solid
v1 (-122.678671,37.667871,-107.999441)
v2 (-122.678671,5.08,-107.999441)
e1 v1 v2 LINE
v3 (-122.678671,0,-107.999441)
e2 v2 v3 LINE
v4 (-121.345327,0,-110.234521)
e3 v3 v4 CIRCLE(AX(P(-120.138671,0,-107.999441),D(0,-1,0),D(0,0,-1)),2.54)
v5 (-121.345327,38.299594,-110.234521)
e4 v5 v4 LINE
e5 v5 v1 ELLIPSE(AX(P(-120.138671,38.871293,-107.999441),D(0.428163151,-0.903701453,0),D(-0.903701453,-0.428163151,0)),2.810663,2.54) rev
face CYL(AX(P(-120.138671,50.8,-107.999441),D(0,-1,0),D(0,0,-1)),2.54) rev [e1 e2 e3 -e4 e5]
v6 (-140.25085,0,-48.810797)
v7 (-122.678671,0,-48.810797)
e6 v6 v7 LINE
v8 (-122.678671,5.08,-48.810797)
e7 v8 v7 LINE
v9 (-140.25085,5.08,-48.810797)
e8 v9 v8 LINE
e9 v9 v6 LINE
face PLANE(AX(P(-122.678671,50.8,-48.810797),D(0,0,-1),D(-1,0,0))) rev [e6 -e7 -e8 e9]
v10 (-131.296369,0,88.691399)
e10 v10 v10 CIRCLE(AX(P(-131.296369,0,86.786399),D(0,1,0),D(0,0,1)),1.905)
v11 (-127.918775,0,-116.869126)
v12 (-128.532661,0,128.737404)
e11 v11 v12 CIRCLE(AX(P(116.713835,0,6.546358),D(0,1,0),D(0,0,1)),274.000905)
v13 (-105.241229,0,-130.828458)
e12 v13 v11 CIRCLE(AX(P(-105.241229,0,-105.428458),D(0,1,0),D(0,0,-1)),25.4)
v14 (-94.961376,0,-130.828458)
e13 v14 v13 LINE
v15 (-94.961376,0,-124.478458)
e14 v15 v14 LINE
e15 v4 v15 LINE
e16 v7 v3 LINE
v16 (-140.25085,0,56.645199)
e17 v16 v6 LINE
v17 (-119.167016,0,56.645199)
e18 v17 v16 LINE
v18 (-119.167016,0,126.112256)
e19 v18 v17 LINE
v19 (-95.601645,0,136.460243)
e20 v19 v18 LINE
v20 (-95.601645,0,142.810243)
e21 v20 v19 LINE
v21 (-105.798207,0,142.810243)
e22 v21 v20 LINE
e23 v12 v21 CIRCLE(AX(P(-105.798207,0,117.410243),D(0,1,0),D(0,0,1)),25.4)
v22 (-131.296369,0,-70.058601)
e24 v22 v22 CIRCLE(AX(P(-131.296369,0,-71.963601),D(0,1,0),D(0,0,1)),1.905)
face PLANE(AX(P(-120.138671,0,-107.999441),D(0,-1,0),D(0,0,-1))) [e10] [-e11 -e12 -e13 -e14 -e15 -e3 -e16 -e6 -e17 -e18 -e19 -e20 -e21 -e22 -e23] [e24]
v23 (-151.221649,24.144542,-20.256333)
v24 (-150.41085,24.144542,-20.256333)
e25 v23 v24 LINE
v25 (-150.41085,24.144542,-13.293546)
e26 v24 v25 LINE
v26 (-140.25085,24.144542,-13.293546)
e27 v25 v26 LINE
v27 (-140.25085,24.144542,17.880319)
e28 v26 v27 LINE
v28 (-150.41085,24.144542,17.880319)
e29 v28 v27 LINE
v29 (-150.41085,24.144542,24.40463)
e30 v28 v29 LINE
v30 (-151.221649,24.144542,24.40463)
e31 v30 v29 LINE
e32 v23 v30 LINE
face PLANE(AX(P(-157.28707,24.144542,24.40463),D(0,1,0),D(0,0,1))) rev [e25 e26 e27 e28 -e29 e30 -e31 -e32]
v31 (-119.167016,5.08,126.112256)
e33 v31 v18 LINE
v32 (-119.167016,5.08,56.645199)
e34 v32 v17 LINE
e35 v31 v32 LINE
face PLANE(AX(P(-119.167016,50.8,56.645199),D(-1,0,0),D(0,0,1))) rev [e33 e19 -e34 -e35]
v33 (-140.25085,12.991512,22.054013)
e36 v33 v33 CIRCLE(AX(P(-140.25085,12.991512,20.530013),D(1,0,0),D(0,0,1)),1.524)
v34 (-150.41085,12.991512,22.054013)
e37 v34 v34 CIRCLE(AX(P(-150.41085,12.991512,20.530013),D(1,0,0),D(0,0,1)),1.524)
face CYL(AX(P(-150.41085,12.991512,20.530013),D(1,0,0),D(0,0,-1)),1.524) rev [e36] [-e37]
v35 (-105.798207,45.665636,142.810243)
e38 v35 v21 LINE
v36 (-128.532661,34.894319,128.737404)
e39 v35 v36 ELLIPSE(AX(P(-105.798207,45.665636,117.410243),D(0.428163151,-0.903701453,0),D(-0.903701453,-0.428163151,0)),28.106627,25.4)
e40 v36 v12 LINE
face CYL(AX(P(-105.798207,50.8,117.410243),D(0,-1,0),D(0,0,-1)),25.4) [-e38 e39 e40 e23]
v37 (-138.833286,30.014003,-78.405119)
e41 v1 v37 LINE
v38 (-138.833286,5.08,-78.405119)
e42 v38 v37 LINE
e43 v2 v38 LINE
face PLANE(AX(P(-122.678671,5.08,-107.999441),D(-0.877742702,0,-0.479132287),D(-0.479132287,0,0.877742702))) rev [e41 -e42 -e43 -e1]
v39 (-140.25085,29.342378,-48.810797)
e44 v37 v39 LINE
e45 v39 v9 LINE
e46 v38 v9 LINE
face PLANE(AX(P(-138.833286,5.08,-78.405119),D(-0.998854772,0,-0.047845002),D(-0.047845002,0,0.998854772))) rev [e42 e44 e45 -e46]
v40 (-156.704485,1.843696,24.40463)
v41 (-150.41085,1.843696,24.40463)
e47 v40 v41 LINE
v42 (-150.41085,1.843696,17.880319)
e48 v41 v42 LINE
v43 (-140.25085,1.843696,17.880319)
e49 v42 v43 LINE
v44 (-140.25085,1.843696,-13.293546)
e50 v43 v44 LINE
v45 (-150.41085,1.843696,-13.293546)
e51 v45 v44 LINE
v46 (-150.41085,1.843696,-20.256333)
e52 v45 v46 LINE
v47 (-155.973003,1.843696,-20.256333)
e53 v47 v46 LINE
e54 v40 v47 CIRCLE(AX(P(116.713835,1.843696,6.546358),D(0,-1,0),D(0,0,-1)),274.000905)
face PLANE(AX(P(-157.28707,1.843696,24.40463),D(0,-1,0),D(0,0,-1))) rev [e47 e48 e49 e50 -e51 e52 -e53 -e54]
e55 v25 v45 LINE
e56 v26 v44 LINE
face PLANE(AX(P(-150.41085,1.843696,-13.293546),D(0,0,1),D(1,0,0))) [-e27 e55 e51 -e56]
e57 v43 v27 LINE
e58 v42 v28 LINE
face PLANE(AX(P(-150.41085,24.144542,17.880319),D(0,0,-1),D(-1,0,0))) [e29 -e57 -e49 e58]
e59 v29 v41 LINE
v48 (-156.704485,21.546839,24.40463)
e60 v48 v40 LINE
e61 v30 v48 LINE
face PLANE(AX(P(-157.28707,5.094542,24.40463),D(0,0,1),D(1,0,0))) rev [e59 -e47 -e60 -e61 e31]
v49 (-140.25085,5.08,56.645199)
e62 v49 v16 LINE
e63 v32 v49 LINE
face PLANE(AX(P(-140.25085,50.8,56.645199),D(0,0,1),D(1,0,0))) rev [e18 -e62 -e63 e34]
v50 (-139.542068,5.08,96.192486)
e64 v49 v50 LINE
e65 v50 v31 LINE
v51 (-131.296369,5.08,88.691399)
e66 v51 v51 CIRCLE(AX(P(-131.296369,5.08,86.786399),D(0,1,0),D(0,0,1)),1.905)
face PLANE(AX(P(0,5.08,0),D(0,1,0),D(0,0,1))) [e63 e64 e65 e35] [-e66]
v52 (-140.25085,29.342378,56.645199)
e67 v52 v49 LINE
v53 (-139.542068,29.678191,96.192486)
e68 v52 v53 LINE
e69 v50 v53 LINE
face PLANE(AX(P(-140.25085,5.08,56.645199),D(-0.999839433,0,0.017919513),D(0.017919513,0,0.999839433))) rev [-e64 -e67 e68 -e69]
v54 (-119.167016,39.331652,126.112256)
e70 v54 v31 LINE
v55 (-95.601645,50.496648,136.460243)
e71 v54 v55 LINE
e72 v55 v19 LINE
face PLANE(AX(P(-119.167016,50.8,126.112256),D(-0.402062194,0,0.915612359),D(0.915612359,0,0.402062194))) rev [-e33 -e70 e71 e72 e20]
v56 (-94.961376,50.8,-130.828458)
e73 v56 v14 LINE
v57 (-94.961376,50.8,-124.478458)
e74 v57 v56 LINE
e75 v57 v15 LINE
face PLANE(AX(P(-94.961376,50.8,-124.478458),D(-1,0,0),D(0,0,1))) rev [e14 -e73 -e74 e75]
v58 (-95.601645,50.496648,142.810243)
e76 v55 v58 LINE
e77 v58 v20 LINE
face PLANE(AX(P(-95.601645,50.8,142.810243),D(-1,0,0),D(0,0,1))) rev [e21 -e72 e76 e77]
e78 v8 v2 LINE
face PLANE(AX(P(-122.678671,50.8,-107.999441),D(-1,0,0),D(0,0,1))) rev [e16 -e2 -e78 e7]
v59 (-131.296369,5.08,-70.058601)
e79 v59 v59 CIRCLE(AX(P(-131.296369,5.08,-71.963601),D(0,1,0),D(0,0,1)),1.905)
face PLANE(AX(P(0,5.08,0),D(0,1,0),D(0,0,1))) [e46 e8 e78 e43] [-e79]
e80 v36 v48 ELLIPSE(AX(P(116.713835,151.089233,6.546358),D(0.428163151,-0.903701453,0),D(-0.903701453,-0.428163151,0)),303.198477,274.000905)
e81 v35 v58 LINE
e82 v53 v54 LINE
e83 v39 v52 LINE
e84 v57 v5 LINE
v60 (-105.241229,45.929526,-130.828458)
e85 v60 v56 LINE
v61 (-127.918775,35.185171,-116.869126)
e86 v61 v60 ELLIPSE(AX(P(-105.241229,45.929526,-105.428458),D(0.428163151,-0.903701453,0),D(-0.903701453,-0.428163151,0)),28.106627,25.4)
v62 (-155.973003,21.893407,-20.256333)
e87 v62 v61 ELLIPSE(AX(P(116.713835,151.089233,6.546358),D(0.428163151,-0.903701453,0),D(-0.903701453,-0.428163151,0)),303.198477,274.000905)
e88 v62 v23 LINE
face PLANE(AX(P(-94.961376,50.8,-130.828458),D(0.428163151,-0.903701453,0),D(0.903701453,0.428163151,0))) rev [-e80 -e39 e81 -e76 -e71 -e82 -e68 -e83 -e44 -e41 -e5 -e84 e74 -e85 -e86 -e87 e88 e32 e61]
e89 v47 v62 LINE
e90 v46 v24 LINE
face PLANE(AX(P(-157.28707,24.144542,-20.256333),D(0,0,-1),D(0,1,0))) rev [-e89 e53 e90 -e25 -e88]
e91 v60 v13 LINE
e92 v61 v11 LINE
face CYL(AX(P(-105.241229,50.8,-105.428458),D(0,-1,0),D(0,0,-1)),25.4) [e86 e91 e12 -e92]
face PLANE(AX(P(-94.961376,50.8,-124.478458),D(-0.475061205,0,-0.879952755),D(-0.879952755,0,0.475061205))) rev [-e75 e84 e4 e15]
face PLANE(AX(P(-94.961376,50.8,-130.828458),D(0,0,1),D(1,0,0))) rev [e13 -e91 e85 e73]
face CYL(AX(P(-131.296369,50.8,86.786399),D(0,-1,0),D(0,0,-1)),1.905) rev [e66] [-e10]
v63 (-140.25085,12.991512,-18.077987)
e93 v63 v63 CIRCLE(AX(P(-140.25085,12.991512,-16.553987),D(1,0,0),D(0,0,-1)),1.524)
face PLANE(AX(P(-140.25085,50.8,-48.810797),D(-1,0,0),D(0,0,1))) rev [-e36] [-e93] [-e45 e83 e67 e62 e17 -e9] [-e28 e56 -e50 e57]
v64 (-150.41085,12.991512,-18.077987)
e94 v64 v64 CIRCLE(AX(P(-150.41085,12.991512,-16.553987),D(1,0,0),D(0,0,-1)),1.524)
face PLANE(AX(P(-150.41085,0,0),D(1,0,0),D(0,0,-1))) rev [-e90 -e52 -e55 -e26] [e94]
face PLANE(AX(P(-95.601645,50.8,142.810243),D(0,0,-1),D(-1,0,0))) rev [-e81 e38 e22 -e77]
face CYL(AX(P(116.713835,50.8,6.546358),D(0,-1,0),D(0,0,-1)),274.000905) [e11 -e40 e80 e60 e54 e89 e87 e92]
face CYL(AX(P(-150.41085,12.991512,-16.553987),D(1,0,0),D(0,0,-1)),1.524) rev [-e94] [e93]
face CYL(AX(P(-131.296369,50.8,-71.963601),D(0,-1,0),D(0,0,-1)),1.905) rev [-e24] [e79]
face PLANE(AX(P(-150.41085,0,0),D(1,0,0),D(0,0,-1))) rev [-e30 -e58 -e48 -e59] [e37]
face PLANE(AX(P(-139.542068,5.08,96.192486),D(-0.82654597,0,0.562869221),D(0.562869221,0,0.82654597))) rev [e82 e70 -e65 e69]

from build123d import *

# Parameters (mm, degrees)
FRONT_SKETCH_R      = 1.905
BOSS_EXTRUDE1_DEPTH = 50.8
CUT_EXTRUDE1_DEPTH  = 45.72
CUT_EXTRUDE2_DEPTH  = 274.638700861
CUT_EXTRUDE3_DEPTH  = 18.03621965
SKETCH6_W           = 6.524310643
SKETCH6_H           = 22.300846009
SKETCH6_R           = 1.524
SKETCH6_W_2         = 6.962786951
BOSS_EXTRUDE2_DEPTH = 10.16


with BuildPart() as part:
    # front_sketch → Boss-Extrude1 (new body)
    with BuildSketch(Plane(origin=(0, 0, 0), x_dir=(1, 0, 0), z_dir=(0, 1, 0))):
        with BuildLine():
            Line((-94.961375831, 124.478458264), (-121.345326632, 110.234521439))
            ThreePointArc((-121.345326632, 110.234521439), (-122.32001306, 109.300728329), (-122.678671172, 107.99944144))
            Line((-122.678671172, 107.99944144), (-122.678671172, 48.810796684))
            Line((-122.678671172, 48.810796684), (-140.250849959, 48.810796684))
            Line((-140.250849959, 48.810796684), (-140.250849959, -56.645199257))
            Line((-140.250849959, -56.645199257), (-119.167015715, -56.645199257))
            Line((-119.167015715, -56.645199257), (-119.167015715, -126.112255785))
            Line((-119.167015715, -126.112255785), (-95.601645083, -136.460242597))
            Line((-95.601645083, -136.460242597), (-95.601645083, -142.810242597))
            Line((-95.601645083, -142.810242597), (-105.798207048, -142.810242597))
            ThreePointArc((-105.798207048, -142.810242597), (-119.167015715, -139.007347839), (-128.532661201, -128.737404395))
            ThreePointArc((-128.532661201, -128.737404395), (-157.286213724, -5.861503432), (-127.918775374, 116.869125935))
            ThreePointArc((-127.918775374, 116.869125935), (-118.556014486, 127.058910858), (-105.241228699, 130.828458264))
            Line((-105.241228699, 130.828458264), (-94.961375831, 130.828458264))
            Line((-94.961375831, 130.828458264), (-94.961375831, 124.478458264))
        make_face()
        with Locations((-131.296368682, 71.963600743)):
            Circle(FRONT_SKETCH_R, mode=Mode.SUBTRACT)
        with Locations((-131.296368682, -86.786399257)):
            Circle(FRONT_SKETCH_R, mode=Mode.SUBTRACT)
    extrude(amount=BOSS_EXTRUDE1_DEPTH)

    # Sketch1 → Cut-Extrude1 (cut)
    with BuildSketch(Plane(origin=(0, 50.8, 0), x_dir=(1, 0, 0), z_dir=(0, 1, 0))):
        Polygon((-122.678671172, 48.810796684), (-122.678671172, 107.99944144), (-138.833286115, 78.405119062), (-140.250849959, 48.810796684), align=None)
        Polygon((-119.167015715, -56.645199257), (-140.250849959, -56.645199257), (-139.542068037, -96.192486205), (-119.167015715, -126.112255785), align=None)
    extrude(amount=-CUT_EXTRUDE1_DEPTH, mode=Mode.SUBTRACT)

    # Sketch3 → Cut-Extrude2 (cut, through all)
    with BuildSketch(Plane.XY.offset(142.810242597)):
        Polygon((-94.961375831, 50.8), (-157.287069608, 21.270817167), (-157.287069608, 50.8), align=None)
    extrude(amount=-CUT_EXTRUDE2_DEPTH, mode=Mode.SUBTRACT)

    # Sketch4 → Cut-Extrude3 (cut, through all)
    with BuildSketch(Plane(origin=(-140.250849959, 0, 0), x_dir=(0, 0, -1), z_dir=(1, 0, 0))):
        Polygon((-24.404629664, 24.144542412), (20.256333242, 24.144542412), (20.256333242, 5.094542412), (20.256333242, 1.843696403), (-24.404629664, 1.843696403), (-24.404629664, 5.094542412), align=None)
    extrude(amount=-CUT_EXTRUDE3_DEPTH, mode=Mode.SUBTRACT)

    # Sketch6 → Boss-Extrude2 (add)
    with BuildSketch(Plane(origin=(-140.250849959, 0, 0), x_dir=(0, 0, -1), z_dir=(1, 0, 0))):
        with Locations((-21.142474343, 12.994119407)):
            Rectangle(SKETCH6_W, SKETCH6_H)
        with Locations((-20.530013168, 12.991512488)):
            Circle(SKETCH6_R, mode=Mode.SUBTRACT)
        with Locations((16.774939767, 12.994119407)):
            Rectangle(SKETCH6_W_2, SKETCH6_H)
        with Locations((16.553986832, 12.991512488)):
            Circle(SKETCH6_R, mode=Mode.SUBTRACT)
    extrude(amount=-BOSS_EXTRUDE2_DEPTH)


solid = part.part
